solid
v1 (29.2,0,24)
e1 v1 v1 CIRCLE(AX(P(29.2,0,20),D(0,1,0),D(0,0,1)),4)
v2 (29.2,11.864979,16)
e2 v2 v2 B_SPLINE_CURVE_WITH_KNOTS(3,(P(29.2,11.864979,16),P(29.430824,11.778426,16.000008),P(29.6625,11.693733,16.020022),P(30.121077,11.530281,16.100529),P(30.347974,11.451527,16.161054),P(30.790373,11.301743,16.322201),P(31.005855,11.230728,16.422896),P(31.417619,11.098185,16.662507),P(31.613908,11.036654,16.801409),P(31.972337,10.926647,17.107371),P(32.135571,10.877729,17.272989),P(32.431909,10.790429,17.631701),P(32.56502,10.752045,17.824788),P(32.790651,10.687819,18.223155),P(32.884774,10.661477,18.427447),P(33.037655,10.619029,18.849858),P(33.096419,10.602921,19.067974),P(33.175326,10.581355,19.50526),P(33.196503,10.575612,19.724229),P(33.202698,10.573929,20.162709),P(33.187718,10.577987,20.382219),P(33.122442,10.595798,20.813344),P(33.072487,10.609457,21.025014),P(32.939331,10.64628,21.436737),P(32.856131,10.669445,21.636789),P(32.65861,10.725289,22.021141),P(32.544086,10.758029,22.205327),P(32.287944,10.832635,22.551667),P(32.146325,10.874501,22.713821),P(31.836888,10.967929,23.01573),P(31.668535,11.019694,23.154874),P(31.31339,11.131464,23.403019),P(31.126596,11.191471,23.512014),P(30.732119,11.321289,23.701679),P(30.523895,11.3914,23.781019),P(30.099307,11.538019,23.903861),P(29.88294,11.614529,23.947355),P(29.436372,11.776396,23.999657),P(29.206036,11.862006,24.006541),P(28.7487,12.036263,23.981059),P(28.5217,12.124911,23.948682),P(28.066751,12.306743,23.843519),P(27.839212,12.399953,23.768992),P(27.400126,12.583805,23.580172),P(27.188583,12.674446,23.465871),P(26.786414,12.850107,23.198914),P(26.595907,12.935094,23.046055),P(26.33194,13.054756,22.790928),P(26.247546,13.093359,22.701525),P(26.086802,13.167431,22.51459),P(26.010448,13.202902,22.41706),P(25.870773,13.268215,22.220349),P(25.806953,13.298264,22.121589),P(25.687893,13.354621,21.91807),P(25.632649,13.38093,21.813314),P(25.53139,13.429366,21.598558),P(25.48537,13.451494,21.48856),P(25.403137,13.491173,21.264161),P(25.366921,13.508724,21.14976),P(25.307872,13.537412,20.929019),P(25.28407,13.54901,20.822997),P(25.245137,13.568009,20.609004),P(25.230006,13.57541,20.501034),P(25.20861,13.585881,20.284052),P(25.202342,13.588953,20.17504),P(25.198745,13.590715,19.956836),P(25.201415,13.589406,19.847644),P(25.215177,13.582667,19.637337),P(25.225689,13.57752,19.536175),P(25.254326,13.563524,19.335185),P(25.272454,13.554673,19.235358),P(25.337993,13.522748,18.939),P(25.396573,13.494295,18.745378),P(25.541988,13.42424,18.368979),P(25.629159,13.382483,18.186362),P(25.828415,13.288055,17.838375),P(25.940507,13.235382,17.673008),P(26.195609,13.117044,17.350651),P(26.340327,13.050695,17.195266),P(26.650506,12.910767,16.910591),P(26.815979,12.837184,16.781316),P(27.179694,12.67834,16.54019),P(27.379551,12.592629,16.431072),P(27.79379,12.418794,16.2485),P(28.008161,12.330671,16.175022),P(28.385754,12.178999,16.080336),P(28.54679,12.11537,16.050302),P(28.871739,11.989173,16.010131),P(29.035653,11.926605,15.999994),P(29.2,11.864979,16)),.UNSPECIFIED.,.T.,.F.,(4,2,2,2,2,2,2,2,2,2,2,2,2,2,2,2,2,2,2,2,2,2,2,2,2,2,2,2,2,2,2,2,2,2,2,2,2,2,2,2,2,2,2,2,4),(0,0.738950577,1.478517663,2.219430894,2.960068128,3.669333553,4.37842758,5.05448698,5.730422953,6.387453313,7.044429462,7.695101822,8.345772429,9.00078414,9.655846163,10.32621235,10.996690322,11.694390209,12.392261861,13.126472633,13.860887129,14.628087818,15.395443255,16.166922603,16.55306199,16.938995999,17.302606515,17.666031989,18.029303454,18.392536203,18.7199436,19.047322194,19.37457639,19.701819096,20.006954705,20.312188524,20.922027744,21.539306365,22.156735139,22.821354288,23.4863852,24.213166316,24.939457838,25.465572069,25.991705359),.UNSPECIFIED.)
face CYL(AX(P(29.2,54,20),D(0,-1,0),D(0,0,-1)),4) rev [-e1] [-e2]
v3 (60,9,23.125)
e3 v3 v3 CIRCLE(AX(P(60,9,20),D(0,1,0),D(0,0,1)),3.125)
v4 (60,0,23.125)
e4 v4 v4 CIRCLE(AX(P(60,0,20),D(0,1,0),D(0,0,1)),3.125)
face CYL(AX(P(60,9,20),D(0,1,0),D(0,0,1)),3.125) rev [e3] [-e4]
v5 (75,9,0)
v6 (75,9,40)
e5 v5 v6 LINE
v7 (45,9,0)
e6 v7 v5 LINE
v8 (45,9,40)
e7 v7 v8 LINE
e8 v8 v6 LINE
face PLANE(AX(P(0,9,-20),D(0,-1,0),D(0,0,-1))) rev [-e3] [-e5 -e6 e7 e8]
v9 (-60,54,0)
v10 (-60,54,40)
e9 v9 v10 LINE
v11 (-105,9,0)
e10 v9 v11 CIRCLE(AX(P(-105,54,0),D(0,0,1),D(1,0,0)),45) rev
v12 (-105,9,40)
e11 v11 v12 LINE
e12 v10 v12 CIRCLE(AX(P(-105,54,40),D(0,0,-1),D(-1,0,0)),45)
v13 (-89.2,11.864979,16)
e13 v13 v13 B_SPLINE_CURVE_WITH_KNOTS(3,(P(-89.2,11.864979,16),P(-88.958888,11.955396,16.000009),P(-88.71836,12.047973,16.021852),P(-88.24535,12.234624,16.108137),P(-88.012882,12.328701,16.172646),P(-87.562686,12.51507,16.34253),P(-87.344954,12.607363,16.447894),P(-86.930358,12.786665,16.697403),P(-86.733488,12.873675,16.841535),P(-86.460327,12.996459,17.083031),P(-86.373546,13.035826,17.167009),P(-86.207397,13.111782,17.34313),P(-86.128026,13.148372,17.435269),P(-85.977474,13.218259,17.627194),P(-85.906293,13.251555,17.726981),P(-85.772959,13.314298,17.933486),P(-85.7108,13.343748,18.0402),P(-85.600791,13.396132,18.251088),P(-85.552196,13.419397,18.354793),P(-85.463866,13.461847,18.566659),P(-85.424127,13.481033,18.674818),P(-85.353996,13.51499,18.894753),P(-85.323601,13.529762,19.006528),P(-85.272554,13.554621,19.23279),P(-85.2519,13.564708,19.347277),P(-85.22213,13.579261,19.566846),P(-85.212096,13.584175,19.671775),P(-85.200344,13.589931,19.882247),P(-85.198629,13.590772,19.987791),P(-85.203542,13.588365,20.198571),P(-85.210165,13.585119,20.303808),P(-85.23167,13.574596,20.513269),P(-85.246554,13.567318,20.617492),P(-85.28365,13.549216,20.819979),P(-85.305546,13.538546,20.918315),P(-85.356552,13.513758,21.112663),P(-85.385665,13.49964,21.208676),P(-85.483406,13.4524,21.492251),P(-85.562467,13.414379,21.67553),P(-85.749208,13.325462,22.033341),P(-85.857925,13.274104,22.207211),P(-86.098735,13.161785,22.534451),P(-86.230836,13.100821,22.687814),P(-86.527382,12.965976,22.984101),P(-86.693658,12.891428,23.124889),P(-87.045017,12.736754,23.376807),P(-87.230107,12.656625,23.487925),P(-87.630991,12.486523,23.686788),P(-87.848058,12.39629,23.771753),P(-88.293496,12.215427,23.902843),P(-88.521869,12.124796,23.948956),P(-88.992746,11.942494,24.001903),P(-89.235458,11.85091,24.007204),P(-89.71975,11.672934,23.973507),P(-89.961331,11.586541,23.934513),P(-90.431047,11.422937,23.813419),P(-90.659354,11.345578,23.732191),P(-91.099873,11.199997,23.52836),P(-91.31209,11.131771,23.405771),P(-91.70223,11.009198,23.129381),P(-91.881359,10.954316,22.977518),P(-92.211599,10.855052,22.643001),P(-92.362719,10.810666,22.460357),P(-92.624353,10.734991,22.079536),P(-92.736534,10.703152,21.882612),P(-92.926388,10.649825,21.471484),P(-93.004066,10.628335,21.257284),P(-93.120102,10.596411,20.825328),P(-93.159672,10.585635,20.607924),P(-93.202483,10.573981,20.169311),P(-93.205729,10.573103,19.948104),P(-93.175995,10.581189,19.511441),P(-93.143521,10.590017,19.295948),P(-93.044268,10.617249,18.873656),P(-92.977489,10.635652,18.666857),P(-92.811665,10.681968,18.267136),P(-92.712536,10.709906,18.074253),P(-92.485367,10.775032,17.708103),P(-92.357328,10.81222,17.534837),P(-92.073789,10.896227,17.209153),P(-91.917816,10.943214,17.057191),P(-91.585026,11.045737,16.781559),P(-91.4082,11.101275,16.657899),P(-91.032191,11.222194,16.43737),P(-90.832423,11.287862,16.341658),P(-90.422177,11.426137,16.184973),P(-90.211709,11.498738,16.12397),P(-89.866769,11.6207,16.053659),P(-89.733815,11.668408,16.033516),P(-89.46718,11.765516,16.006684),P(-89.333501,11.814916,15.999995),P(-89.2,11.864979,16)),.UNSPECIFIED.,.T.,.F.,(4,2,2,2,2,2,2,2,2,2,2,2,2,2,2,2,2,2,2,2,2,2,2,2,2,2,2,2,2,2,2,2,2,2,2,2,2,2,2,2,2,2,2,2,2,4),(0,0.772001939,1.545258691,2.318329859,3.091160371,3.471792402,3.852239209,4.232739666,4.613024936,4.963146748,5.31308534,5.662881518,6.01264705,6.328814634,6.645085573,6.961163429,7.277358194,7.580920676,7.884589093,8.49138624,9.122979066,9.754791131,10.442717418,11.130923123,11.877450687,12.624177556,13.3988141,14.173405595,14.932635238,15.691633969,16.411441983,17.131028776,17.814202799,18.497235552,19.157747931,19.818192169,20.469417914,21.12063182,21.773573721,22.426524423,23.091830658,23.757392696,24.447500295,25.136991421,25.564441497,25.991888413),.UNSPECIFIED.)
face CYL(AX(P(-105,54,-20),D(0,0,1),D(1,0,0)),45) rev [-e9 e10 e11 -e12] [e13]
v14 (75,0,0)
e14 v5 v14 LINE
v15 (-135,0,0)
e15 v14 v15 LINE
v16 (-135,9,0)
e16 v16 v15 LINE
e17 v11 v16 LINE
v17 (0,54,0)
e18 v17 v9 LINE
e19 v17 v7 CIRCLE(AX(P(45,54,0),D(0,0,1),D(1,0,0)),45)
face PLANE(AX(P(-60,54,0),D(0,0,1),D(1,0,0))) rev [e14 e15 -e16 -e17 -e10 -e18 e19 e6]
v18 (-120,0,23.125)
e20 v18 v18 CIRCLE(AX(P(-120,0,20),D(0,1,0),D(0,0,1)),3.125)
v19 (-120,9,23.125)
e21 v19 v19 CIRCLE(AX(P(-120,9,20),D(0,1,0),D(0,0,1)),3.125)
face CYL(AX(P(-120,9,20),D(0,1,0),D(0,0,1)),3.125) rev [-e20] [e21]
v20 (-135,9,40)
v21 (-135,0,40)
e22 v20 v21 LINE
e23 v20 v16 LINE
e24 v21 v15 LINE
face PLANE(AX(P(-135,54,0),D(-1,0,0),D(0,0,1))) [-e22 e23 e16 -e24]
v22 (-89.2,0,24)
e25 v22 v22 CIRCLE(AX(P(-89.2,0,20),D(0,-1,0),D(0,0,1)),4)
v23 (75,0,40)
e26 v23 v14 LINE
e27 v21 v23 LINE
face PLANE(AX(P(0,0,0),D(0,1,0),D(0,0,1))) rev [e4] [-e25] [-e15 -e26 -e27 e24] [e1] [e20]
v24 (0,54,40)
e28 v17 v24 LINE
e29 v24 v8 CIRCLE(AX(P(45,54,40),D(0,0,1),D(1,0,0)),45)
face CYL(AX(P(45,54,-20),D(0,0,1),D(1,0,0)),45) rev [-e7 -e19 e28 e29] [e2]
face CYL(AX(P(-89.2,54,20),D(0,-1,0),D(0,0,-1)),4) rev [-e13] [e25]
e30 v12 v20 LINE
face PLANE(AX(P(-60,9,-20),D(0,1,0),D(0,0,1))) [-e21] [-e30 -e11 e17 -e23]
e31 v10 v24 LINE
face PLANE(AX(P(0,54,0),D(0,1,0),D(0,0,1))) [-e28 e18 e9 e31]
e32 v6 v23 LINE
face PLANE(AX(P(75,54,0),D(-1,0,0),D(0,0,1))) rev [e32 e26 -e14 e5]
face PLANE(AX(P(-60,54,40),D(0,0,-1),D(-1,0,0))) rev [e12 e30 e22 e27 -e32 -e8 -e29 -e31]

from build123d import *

# Parameters (mm, degrees)
SKETCH1_W                    = 60
SKETCH1_H                    = 40
BOSS_EXTRUDE1_DEPTH          = 54
SKETCH3_W                    = 75
SKETCH3_H                    = 40
SKETCH3_R                    = 4
BOSS_EXTRUDE2_DEPTH          = 54
CUT_EXTRUDE2_DEPTH           = 60
TAP_DRILL_FOR_M6_HELICOIL1_D = 6.25


with BuildPart() as part:
    # Sketch1 → Boss-Extrude1 (new body)
    with BuildSketch(Plane(origin=(0, 0, 0), x_dir=(1, 0, 0), z_dir=(0, 1, 0))):
        with Locations((-30, -20)):
            Rectangle(SKETCH1_W, SKETCH1_H)
    extrude(amount=BOSS_EXTRUDE1_DEPTH)

    # Sketch3 → Boss-Extrude2 (add)
    with BuildSketch(Plane(origin=(0, 0, 0), x_dir=(1, 0, 0), z_dir=(0, 1, 0))):
        with Locations((37.5, -20)):
            Rectangle(SKETCH3_W, SKETCH3_H)
        with Locations((29.2, -20)):
            Circle(SKETCH3_R, mode=Mode.SUBTRACT)
    boss_extrude2 = extrude(amount=BOSS_EXTRUDE2_DEPTH)

    # Sketch4 → Cut-Extrude2 (cut)
    with BuildSketch(Plane.XY.offset(40)):
        with BuildLine():
            ThreePointArc((75, 20.458980338), (61.05699404, 11.962243847), (45, 9))
            Line((45, 9), (75, 9))
            Line((75, 9), (75, 20.458980338))
        make_face()
        with BuildLine():
            Line((45, 9), (45, 54))
            Line((45, 54), (0, 54))
            ThreePointArc((0, 54), (13.180194847, 22.180194847), (45, 9))
        make_face()
        with BuildLine():
            Line((75, 54), (45, 54))
            Line((45, 54), (45, 9))
            ThreePointArc((45, 9), (61.05699404, 11.962243847), (75, 20.458980338))
            Line((75, 20.458980338), (75, 54))
        make_face()
    cut_extrude2 = extrude(amount=-CUT_EXTRUDE2_DEPTH, mode=Mode.SUBTRACT)

    # Tap Drill for M6 Helicoil1 (through all)
    with Locations(Plane(origin=(0, 9, 0), x_dir=(1, 0, 0), z_dir=(0, 1, 0))):
        with Locations((60, -20)):
            tap_drill_for_m6_helicoil1 = Hole(TAP_DRILL_FOR_M6_HELICOIL1_D / 2)

    # Mirror1: Boss-Extrude2, Cut-Extrude2, Tap Drill for M6 Helicoil1 across plane
    add(boss_extrude2.mirror(Plane(origin=(-30, 0, 0), x_dir=(0, 0, 1), z_dir=(1, 0, 0))))
    add(cut_extrude2.mirror(Plane(origin=(-30, 0, 0), x_dir=(0, 0, 1), z_dir=(1, 0, 0))), mode=Mode.SUBTRACT)
    add(tap_drill_for_m6_helicoil1.mirror(Plane(origin=(-30, 0, 0), x_dir=(0, 0, 1), z_dir=(1, 0, 0))), mode=Mode.SUBTRACT)


solid = part.part
